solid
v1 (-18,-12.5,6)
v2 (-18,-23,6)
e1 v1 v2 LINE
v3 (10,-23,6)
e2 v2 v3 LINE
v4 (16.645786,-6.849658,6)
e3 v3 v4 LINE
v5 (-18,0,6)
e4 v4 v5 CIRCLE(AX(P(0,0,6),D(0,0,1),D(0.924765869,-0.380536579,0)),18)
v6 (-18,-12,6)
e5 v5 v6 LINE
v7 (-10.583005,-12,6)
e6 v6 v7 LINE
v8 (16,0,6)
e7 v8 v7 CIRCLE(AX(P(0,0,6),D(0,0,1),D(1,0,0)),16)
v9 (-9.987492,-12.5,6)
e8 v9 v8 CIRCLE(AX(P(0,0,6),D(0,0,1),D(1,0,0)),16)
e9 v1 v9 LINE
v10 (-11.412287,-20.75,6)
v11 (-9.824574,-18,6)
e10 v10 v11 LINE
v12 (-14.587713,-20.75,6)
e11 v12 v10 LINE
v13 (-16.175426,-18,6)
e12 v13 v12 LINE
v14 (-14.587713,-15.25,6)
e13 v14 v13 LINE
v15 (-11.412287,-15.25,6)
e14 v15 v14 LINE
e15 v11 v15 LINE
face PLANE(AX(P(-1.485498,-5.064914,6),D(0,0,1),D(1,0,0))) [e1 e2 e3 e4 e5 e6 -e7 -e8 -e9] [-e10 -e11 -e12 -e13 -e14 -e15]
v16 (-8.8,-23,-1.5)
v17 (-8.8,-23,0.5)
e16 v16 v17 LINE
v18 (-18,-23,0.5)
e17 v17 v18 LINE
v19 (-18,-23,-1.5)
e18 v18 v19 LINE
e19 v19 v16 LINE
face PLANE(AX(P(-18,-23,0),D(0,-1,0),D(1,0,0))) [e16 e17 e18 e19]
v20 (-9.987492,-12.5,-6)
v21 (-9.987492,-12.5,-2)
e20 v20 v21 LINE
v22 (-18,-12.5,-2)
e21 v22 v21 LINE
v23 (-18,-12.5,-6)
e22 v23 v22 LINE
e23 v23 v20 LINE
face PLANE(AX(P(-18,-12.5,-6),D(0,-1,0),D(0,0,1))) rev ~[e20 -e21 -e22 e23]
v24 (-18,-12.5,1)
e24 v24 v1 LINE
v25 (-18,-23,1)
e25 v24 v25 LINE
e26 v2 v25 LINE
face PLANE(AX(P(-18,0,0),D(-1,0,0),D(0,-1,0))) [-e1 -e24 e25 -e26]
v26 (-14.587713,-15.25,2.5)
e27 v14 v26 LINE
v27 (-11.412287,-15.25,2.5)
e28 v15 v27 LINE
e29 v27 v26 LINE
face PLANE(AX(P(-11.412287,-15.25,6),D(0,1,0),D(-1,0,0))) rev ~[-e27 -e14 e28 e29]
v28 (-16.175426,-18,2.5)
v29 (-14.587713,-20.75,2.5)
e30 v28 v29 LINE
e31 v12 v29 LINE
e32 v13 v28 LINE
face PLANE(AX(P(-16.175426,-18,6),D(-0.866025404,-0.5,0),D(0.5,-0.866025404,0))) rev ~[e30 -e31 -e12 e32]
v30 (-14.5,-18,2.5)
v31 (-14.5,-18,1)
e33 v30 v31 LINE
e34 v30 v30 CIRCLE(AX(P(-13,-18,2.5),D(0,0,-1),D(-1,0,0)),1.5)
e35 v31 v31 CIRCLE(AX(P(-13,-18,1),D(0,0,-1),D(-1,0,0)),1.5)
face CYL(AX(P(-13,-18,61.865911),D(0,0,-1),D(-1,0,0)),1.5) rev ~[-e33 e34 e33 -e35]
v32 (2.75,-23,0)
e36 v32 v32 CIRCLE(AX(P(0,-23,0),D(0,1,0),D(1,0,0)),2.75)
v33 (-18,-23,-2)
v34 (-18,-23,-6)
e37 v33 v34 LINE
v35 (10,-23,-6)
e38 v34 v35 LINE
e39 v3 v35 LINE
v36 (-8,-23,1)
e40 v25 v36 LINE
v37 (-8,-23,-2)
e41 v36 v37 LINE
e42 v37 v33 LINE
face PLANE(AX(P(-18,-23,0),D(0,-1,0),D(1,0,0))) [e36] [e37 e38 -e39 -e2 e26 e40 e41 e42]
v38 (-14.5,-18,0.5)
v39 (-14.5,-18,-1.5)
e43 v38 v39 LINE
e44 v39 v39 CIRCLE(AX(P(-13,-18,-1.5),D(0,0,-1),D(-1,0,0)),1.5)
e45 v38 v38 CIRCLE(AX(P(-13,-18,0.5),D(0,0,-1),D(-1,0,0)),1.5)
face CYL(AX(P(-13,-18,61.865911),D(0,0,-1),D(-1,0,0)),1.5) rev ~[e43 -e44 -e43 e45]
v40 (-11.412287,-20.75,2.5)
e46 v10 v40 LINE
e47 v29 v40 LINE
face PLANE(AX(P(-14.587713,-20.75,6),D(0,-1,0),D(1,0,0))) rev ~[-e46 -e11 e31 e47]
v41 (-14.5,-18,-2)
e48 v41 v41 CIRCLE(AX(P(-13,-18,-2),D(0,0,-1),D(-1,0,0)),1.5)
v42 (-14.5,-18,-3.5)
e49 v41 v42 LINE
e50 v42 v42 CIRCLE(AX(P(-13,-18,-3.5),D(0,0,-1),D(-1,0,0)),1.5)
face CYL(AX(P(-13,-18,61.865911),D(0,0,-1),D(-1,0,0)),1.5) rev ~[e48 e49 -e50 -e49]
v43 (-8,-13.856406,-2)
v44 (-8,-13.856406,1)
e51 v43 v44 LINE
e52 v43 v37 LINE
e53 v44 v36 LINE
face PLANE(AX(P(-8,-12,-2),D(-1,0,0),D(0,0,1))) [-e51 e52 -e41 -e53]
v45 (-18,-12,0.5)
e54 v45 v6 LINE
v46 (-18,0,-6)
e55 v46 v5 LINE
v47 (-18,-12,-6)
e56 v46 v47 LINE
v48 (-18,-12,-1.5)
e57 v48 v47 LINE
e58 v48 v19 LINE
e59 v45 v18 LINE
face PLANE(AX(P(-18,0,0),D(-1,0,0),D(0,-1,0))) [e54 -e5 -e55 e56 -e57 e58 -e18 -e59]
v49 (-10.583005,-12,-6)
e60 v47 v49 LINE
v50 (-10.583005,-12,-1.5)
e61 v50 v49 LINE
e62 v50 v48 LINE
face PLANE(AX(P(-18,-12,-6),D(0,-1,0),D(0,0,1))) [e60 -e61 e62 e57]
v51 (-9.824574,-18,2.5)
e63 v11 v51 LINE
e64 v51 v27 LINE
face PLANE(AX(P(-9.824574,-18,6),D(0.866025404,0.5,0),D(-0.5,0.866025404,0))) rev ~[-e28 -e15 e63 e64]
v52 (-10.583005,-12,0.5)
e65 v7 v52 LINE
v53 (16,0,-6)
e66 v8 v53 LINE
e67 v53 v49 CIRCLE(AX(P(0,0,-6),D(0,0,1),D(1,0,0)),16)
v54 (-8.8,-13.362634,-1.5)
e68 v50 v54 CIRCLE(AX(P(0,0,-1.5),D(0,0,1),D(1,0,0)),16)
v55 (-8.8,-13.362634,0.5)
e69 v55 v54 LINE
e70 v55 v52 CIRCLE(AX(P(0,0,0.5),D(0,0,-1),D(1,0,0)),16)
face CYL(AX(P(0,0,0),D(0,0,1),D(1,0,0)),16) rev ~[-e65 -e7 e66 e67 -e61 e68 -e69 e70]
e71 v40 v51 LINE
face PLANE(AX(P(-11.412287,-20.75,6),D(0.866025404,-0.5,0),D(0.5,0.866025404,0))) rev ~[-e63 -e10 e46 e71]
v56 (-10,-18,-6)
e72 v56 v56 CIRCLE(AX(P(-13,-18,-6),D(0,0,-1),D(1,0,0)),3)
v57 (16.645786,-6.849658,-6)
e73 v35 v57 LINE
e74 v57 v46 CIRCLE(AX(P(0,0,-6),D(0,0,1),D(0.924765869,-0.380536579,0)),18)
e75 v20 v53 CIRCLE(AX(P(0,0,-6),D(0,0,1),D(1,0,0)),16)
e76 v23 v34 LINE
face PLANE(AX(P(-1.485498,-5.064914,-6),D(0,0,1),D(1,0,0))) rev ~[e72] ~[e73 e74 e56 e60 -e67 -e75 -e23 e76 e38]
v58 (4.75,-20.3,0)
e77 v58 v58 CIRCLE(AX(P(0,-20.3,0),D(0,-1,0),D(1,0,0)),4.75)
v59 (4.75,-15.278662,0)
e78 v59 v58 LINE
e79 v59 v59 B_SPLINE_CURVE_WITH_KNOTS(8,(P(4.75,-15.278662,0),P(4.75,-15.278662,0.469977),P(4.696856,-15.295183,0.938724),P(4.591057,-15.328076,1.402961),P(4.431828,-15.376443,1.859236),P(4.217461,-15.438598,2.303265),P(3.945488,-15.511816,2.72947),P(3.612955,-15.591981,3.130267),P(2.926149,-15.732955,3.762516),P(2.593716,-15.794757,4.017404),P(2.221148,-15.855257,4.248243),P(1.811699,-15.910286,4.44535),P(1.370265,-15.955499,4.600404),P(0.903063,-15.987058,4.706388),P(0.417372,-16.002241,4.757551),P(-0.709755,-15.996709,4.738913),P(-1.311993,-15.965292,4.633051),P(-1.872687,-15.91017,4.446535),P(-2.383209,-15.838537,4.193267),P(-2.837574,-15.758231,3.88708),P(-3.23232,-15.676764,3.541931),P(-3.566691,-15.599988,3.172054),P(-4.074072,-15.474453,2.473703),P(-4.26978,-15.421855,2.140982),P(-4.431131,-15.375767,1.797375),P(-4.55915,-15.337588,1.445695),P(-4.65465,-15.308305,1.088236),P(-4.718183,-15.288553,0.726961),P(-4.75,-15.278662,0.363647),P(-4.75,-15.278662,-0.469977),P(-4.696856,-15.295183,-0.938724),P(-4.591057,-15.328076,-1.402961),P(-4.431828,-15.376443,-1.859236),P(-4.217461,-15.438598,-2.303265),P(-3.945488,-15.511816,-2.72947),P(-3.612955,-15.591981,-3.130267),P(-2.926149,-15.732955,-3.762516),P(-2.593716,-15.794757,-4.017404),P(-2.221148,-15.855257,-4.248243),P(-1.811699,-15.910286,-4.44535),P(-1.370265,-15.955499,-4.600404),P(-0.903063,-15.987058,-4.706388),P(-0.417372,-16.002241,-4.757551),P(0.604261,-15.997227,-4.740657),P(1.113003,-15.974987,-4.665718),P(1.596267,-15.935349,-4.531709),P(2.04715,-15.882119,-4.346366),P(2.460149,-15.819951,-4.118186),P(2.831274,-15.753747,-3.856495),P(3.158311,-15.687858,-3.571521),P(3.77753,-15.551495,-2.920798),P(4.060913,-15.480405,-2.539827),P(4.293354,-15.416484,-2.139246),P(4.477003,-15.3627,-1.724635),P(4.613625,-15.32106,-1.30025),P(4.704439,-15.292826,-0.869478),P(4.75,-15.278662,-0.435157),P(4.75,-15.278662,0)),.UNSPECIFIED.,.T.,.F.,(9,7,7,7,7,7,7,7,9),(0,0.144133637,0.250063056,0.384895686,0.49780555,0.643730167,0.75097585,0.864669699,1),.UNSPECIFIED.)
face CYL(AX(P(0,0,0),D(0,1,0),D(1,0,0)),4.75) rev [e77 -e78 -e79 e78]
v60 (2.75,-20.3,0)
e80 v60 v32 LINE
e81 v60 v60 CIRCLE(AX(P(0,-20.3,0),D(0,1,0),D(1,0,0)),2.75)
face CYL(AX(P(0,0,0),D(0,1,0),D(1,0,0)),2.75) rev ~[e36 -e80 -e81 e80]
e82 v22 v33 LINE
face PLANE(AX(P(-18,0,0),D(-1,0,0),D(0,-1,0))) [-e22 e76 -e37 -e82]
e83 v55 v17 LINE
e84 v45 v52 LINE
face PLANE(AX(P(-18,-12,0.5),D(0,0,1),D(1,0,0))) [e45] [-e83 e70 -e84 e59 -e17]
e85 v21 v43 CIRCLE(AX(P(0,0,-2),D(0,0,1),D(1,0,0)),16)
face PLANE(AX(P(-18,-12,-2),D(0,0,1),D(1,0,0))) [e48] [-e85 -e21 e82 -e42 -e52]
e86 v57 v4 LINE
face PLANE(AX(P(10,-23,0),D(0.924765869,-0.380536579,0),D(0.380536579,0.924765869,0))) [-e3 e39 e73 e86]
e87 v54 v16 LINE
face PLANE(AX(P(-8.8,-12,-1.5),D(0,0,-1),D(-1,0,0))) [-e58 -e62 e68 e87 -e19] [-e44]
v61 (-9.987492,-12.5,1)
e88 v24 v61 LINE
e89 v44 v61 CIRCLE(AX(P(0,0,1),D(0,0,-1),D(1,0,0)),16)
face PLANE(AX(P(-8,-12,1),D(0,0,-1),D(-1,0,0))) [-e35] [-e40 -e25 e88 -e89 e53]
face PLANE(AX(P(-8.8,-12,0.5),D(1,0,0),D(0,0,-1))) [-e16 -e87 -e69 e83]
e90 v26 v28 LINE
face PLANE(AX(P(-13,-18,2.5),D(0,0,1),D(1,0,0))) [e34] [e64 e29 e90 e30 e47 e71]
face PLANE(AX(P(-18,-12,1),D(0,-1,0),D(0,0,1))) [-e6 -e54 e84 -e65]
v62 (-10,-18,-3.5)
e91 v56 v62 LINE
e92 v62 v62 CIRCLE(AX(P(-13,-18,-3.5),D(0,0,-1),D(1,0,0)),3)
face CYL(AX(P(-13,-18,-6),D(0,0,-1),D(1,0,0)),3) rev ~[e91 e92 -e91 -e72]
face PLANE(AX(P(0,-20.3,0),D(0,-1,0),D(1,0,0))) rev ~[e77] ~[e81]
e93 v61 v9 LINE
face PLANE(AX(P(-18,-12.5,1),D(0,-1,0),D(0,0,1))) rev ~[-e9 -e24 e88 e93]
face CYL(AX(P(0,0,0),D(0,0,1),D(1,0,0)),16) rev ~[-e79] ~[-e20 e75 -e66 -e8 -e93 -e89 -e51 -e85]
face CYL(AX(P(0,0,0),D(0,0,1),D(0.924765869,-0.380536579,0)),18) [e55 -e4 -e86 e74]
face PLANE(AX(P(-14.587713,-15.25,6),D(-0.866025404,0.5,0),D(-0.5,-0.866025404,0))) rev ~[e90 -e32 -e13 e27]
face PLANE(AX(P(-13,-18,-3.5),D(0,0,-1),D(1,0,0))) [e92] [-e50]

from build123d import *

# Parameters (mm, degrees)
F0_R          = 16
F1_DEPTH      = 6
F1_DEPTH_BACK = 6
F4_DEPTH      = 25
F5_W          = 0.5
F5_H          = 4
F5_H_2        = 5
F6_DEPTH      = 8.0135078223
F8_D          = 3
F9_DEPTH      = 3.5
F10_R         = 3
F11_DEPTH     = 2.5
F13_D         = 5.5
F13_DEPTH     = 23.001
F14_R         = 4.75
F15_DEPTH     = 20.3


with BuildPart() as f1:
    # F0 (on Top) → F1 (new body, two sides)
    with BuildSketch(Plane.XY) as f1_sk:
        with BuildLine():
            Line((10, -23), (16.6457856397, -6.8496584175))
            ThreePointArc((16.6457856397, -6.8496584175), (3.4911214878, 17.6582012322), (-18, 0))
            Line((-18, 0), (-18, -23))
            Line((-18, -23), (10, -23))
        make_face()
        Circle(F0_R, mode=Mode.SUBTRACT)
    extrude(amount=F1_DEPTH)
    extrude(f1_sk.sketch, amount=-F1_DEPTH_BACK)

    # F3 (on offset) → F4 (cut)
    with BuildSketch(Plane.XZ.offset(12)):
        Polygon((-8.8, -1.5), (-18, -1.5), (-18, -2), (-8, -2), (-8, 1), (-18, 1), (-18, 0.5), (-8.8, 0.5), align=None)
    extrude(amount=F4_DEPTH, mode=Mode.SUBTRACT)

    # F5 (on face) → F6 (cut, through all)
    with BuildSketch(Plane(origin=(-18, 0, 0), x_dir=(0, -1, 0), z_dir=(-1, 0, 0))):
        with Locations((12.25, -4)):
            Rectangle(F5_W, F5_H)
        with Locations((12.25, 3.5)):
            Rectangle(F5_W, F5_H_2)
    extrude(amount=-F6_DEPTH, mode=Mode.SUBTRACT)

    # F8 (through all)
    with Locations(Plane.XY.offset(6)):
        with Locations((-13, -18)):
            Hole(F8_D / 2)

    # F7 (on face) → F9 (cut)
    with BuildSketch(Plane.XY.offset(6)):
        Polygon((-11.4122867597, -20.75), (-9.8245735195, -18), (-11.4122867597, -15.25), (-14.5877132403, -15.25), (-16.1754264805, -18), (-14.5877132403, -20.75), align=None)
    extrude(amount=-F9_DEPTH, mode=Mode.SUBTRACT)

    # F10 (on face) → F11 (cut)
    with BuildSketch(Plane(origin=(0, 0, -6), x_dir=(1, 0, 0), z_dir=(0, 0, -1))):
        with Locations((-13, 18)):
            Circle(F10_R)
    extrude(amount=-F11_DEPTH, mode=Mode.SUBTRACT)

    # F13 (through all, one way)
    with BuildSketch(Plane(origin=(0, 0, 0), x_dir=(1, 0, 0), z_dir=(0, 1, 0))):
        with Locations((0, 0)):
            Circle(F13_D / 2)
    extrude(amount=-F13_DEPTH, mode=Mode.SUBTRACT)

    # F14 (on Front) → F15 (cut)
    with BuildSketch(Plane.XZ):
        Circle(F14_R)
    extrude(amount=F15_DEPTH, mode=Mode.SUBTRACT)


solid = f1.part
